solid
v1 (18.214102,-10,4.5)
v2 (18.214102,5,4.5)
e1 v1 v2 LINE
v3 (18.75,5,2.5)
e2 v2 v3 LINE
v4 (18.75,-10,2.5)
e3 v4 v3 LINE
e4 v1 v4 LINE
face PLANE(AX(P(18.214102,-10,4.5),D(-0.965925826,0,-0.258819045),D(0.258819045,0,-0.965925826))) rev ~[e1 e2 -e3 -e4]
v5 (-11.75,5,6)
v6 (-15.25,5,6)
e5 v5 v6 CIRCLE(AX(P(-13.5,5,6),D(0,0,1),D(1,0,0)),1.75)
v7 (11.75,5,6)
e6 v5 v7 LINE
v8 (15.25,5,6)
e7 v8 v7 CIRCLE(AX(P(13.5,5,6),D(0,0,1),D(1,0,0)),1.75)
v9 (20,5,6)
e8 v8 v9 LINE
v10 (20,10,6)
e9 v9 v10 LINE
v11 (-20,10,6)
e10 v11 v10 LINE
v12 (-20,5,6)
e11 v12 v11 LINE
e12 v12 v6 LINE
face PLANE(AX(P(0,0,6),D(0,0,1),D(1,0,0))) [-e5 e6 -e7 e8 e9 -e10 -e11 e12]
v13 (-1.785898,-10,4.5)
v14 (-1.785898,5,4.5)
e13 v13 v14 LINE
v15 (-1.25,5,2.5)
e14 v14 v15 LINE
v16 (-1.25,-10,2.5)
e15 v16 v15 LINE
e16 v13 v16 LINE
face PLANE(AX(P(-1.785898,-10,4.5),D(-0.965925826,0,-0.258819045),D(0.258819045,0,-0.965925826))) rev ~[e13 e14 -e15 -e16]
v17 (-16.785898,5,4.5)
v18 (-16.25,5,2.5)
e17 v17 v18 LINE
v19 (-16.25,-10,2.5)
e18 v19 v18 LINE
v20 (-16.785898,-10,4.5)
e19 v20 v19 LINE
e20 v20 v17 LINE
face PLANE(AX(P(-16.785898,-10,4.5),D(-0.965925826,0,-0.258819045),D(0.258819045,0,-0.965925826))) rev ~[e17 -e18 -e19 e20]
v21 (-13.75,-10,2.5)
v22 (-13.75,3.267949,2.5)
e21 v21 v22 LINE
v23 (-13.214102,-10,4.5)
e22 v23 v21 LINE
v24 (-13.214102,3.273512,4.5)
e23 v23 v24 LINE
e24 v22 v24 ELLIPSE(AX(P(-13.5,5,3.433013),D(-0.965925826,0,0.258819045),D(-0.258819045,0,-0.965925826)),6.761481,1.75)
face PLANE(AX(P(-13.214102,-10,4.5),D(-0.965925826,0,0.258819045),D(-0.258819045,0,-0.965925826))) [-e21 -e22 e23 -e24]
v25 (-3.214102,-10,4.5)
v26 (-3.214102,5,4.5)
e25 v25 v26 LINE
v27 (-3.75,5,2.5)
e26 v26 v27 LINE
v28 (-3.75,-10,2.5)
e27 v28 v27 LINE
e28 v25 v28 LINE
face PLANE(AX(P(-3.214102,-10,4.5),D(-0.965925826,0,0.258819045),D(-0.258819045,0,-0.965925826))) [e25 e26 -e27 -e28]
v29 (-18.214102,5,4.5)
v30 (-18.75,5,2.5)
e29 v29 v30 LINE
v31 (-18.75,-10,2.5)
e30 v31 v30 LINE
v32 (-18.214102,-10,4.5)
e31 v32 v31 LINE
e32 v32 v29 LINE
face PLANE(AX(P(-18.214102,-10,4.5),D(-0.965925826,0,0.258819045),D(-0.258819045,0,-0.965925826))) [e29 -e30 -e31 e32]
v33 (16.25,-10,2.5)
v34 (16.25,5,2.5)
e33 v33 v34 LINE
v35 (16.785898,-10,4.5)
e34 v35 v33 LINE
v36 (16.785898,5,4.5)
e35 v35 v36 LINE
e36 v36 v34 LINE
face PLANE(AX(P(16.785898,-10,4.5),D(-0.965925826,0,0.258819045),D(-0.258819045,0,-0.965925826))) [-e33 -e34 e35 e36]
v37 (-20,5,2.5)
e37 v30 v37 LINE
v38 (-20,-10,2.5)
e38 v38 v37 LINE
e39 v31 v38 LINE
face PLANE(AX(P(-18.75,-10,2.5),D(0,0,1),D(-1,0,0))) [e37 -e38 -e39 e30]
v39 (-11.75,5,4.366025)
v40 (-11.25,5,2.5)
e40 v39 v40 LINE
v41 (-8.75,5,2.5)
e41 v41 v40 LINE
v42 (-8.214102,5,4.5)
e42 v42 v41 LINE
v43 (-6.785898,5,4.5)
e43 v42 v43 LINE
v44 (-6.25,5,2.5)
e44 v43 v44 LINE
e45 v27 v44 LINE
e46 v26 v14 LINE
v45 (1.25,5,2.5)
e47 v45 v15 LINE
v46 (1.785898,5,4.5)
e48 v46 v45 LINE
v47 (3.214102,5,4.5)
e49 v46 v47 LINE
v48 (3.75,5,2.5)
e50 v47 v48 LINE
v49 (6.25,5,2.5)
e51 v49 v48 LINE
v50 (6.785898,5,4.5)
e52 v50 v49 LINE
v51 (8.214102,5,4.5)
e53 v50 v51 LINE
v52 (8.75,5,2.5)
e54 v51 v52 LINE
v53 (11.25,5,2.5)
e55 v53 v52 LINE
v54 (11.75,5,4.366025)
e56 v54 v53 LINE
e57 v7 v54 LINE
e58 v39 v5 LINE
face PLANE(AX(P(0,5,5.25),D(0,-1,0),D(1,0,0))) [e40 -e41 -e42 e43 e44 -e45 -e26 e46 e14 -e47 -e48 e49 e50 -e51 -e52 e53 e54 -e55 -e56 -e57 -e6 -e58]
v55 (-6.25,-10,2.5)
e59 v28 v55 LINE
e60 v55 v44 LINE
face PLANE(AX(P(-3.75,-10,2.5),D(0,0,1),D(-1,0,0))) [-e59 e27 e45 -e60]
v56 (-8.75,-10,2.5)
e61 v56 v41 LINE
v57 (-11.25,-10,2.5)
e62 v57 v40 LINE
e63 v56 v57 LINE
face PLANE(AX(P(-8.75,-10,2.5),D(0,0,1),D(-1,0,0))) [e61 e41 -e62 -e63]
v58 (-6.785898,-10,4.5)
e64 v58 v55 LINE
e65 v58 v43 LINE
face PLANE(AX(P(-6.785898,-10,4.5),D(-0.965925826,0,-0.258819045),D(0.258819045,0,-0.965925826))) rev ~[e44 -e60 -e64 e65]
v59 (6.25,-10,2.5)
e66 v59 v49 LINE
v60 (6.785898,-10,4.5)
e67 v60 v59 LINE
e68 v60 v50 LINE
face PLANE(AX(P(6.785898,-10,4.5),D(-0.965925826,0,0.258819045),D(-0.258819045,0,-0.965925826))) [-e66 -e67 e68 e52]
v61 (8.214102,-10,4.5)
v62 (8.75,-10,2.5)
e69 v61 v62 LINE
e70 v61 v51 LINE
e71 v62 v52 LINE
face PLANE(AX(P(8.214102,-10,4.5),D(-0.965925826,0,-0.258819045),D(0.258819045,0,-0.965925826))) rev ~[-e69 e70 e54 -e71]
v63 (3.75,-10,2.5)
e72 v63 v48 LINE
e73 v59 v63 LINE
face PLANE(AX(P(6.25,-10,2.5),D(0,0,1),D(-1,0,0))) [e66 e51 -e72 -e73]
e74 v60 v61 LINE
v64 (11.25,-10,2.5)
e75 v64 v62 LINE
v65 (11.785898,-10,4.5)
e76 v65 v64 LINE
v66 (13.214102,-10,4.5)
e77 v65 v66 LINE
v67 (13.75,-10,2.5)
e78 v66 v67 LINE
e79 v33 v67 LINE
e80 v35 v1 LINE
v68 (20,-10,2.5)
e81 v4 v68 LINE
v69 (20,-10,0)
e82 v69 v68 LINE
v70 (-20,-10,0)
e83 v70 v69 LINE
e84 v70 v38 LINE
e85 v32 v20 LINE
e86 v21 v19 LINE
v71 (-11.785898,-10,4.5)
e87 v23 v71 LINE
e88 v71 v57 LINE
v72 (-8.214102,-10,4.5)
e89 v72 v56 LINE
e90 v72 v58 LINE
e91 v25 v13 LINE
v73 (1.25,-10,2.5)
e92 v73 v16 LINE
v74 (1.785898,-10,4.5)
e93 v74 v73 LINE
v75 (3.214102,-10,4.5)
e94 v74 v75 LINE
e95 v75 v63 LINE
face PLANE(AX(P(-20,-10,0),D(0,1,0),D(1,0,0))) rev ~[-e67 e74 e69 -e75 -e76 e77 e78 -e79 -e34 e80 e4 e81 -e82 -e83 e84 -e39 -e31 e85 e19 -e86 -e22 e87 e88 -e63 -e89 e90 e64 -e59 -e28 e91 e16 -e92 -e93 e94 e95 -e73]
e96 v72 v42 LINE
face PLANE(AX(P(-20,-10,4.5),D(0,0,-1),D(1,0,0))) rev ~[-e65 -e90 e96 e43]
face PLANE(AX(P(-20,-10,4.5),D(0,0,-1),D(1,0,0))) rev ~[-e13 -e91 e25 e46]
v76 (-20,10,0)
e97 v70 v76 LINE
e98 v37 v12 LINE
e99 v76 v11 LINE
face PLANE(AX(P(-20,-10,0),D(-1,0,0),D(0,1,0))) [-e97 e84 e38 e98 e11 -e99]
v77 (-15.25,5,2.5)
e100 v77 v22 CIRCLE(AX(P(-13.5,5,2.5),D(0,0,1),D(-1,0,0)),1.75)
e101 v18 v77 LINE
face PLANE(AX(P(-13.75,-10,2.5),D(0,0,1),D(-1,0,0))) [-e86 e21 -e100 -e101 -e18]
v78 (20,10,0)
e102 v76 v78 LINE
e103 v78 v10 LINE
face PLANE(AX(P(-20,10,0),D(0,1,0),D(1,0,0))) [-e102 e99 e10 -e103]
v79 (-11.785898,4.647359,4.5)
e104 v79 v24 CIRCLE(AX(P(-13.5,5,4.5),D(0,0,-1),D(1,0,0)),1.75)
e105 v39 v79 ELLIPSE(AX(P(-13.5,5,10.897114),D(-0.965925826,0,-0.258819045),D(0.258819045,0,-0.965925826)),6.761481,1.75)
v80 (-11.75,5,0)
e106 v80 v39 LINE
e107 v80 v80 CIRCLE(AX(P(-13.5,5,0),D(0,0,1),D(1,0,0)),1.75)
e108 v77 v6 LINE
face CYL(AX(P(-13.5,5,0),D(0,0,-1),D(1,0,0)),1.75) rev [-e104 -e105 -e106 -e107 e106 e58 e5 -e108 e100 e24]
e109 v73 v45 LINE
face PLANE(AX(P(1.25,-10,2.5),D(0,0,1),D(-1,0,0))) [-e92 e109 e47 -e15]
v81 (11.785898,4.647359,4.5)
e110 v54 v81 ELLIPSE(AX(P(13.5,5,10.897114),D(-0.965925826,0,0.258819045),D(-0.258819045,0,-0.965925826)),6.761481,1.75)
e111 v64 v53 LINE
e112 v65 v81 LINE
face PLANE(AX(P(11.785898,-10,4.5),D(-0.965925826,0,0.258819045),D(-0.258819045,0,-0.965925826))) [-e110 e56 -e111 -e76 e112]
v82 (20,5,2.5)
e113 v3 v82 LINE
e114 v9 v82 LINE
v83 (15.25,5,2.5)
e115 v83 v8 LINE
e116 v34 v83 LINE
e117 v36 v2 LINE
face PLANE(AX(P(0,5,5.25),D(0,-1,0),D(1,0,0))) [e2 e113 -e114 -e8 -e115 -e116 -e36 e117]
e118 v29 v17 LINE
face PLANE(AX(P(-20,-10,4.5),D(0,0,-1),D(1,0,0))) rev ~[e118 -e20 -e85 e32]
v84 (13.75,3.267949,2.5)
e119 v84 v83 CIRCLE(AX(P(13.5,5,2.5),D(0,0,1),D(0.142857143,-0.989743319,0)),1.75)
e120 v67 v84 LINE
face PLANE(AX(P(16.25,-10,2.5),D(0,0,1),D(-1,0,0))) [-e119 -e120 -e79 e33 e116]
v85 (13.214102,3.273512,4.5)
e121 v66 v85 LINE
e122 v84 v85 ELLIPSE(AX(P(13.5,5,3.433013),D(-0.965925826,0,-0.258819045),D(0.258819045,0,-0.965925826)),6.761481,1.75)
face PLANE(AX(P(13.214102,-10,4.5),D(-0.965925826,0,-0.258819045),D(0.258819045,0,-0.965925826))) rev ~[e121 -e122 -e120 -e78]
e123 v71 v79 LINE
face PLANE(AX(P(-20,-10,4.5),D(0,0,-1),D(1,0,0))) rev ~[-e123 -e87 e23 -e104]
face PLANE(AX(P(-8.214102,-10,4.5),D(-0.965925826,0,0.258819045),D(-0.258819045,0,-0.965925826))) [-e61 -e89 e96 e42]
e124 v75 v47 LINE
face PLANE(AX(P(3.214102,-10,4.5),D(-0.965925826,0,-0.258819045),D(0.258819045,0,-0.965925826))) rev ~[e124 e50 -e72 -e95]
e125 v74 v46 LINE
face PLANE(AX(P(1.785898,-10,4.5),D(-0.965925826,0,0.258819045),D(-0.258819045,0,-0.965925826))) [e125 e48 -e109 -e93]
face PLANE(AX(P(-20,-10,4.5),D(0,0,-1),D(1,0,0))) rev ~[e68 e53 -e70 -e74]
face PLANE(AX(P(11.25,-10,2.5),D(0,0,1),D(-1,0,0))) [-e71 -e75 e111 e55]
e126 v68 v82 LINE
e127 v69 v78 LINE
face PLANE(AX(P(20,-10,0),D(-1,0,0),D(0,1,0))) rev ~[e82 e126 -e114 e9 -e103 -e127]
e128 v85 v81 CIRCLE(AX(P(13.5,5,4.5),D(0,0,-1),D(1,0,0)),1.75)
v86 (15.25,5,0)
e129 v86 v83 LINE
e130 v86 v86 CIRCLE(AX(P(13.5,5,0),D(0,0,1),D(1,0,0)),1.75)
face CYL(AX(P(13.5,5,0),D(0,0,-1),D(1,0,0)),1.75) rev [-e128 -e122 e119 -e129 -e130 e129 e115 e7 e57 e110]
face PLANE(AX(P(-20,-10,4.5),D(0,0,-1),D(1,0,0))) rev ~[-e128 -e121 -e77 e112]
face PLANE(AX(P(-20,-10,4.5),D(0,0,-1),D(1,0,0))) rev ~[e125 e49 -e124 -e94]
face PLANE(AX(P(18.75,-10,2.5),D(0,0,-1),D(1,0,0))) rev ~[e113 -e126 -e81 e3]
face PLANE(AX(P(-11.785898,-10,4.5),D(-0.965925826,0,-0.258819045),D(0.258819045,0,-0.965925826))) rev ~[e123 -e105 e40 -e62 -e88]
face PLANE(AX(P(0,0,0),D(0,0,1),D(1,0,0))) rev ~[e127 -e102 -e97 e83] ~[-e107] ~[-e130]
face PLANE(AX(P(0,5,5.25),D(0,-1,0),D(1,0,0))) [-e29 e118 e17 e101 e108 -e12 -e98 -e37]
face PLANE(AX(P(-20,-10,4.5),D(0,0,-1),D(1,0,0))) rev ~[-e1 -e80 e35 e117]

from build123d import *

# Parameters (mm, degrees)
SKETCH_1_W             = 40
SKETCH_1_H             = 20
SKETCH_1_R             = 1.75
EXTRUDE_1_DEPTH        = 6
SKETCH_2_W             = 40
SKETCH_2_H             = 1.5
CUT_EXTRUDE_1_DEPTH    = 15
CUT_EXTRUDE_2_DEPTH    = 15
PATTERN_LINEAR_1_COUNT = 8
PATTERN_LINEAR_1_PITCH = 5


with BuildPart() as part:
    # 草圖1 → 填料-伸長1 (new body)
    with BuildSketch(Plane.XY):
        Rectangle(SKETCH_1_W, SKETCH_1_H)
        with Locations((-13.5, 5)):
            Circle(SKETCH_1_R, mode=Mode.SUBTRACT)
        with Locations((13.5, 5)):
            Circle(SKETCH_1_R, mode=Mode.SUBTRACT)
    extrude(amount=EXTRUDE_1_DEPTH)

    # 草圖2 → 除料-伸長1 (cut)
    with BuildSketch(Plane.XZ.offset(10)):
        with Locations((0, 5.25)):
            Rectangle(SKETCH_2_W, SKETCH_2_H)
    extrude(amount=-CUT_EXTRUDE_1_DEPTH, mode=Mode.SUBTRACT)

    # 草圖3 → 除料-伸長2 (cut)
    with BuildSketch(Plane(origin=(0, -10, 0), x_dir=(-1, 0, 0), z_dir=(0, -1, 0))):
        Polygon((20, -4.5), (18.214101615, -4.5), (18.75, -2.5), (20, -2.5), align=None)
        Polygon((16.785898385, -4.5), (16.25, -2.5), (15, -2.5), (15, -4.5), align=None)
    cut_extrude_2 = extrude(amount=-CUT_EXTRUDE_2_DEPTH, mode=Mode.SUBTRACT)

    # 直線複製排列1: 除料-伸長2 ×8
    with Locations(*[(i * PATTERN_LINEAR_1_PITCH, 0, 0) for i in range(1, PATTERN_LINEAR_1_COUNT)]):
        add(cut_extrude_2, mode=Mode.SUBTRACT)


solid = part.part
